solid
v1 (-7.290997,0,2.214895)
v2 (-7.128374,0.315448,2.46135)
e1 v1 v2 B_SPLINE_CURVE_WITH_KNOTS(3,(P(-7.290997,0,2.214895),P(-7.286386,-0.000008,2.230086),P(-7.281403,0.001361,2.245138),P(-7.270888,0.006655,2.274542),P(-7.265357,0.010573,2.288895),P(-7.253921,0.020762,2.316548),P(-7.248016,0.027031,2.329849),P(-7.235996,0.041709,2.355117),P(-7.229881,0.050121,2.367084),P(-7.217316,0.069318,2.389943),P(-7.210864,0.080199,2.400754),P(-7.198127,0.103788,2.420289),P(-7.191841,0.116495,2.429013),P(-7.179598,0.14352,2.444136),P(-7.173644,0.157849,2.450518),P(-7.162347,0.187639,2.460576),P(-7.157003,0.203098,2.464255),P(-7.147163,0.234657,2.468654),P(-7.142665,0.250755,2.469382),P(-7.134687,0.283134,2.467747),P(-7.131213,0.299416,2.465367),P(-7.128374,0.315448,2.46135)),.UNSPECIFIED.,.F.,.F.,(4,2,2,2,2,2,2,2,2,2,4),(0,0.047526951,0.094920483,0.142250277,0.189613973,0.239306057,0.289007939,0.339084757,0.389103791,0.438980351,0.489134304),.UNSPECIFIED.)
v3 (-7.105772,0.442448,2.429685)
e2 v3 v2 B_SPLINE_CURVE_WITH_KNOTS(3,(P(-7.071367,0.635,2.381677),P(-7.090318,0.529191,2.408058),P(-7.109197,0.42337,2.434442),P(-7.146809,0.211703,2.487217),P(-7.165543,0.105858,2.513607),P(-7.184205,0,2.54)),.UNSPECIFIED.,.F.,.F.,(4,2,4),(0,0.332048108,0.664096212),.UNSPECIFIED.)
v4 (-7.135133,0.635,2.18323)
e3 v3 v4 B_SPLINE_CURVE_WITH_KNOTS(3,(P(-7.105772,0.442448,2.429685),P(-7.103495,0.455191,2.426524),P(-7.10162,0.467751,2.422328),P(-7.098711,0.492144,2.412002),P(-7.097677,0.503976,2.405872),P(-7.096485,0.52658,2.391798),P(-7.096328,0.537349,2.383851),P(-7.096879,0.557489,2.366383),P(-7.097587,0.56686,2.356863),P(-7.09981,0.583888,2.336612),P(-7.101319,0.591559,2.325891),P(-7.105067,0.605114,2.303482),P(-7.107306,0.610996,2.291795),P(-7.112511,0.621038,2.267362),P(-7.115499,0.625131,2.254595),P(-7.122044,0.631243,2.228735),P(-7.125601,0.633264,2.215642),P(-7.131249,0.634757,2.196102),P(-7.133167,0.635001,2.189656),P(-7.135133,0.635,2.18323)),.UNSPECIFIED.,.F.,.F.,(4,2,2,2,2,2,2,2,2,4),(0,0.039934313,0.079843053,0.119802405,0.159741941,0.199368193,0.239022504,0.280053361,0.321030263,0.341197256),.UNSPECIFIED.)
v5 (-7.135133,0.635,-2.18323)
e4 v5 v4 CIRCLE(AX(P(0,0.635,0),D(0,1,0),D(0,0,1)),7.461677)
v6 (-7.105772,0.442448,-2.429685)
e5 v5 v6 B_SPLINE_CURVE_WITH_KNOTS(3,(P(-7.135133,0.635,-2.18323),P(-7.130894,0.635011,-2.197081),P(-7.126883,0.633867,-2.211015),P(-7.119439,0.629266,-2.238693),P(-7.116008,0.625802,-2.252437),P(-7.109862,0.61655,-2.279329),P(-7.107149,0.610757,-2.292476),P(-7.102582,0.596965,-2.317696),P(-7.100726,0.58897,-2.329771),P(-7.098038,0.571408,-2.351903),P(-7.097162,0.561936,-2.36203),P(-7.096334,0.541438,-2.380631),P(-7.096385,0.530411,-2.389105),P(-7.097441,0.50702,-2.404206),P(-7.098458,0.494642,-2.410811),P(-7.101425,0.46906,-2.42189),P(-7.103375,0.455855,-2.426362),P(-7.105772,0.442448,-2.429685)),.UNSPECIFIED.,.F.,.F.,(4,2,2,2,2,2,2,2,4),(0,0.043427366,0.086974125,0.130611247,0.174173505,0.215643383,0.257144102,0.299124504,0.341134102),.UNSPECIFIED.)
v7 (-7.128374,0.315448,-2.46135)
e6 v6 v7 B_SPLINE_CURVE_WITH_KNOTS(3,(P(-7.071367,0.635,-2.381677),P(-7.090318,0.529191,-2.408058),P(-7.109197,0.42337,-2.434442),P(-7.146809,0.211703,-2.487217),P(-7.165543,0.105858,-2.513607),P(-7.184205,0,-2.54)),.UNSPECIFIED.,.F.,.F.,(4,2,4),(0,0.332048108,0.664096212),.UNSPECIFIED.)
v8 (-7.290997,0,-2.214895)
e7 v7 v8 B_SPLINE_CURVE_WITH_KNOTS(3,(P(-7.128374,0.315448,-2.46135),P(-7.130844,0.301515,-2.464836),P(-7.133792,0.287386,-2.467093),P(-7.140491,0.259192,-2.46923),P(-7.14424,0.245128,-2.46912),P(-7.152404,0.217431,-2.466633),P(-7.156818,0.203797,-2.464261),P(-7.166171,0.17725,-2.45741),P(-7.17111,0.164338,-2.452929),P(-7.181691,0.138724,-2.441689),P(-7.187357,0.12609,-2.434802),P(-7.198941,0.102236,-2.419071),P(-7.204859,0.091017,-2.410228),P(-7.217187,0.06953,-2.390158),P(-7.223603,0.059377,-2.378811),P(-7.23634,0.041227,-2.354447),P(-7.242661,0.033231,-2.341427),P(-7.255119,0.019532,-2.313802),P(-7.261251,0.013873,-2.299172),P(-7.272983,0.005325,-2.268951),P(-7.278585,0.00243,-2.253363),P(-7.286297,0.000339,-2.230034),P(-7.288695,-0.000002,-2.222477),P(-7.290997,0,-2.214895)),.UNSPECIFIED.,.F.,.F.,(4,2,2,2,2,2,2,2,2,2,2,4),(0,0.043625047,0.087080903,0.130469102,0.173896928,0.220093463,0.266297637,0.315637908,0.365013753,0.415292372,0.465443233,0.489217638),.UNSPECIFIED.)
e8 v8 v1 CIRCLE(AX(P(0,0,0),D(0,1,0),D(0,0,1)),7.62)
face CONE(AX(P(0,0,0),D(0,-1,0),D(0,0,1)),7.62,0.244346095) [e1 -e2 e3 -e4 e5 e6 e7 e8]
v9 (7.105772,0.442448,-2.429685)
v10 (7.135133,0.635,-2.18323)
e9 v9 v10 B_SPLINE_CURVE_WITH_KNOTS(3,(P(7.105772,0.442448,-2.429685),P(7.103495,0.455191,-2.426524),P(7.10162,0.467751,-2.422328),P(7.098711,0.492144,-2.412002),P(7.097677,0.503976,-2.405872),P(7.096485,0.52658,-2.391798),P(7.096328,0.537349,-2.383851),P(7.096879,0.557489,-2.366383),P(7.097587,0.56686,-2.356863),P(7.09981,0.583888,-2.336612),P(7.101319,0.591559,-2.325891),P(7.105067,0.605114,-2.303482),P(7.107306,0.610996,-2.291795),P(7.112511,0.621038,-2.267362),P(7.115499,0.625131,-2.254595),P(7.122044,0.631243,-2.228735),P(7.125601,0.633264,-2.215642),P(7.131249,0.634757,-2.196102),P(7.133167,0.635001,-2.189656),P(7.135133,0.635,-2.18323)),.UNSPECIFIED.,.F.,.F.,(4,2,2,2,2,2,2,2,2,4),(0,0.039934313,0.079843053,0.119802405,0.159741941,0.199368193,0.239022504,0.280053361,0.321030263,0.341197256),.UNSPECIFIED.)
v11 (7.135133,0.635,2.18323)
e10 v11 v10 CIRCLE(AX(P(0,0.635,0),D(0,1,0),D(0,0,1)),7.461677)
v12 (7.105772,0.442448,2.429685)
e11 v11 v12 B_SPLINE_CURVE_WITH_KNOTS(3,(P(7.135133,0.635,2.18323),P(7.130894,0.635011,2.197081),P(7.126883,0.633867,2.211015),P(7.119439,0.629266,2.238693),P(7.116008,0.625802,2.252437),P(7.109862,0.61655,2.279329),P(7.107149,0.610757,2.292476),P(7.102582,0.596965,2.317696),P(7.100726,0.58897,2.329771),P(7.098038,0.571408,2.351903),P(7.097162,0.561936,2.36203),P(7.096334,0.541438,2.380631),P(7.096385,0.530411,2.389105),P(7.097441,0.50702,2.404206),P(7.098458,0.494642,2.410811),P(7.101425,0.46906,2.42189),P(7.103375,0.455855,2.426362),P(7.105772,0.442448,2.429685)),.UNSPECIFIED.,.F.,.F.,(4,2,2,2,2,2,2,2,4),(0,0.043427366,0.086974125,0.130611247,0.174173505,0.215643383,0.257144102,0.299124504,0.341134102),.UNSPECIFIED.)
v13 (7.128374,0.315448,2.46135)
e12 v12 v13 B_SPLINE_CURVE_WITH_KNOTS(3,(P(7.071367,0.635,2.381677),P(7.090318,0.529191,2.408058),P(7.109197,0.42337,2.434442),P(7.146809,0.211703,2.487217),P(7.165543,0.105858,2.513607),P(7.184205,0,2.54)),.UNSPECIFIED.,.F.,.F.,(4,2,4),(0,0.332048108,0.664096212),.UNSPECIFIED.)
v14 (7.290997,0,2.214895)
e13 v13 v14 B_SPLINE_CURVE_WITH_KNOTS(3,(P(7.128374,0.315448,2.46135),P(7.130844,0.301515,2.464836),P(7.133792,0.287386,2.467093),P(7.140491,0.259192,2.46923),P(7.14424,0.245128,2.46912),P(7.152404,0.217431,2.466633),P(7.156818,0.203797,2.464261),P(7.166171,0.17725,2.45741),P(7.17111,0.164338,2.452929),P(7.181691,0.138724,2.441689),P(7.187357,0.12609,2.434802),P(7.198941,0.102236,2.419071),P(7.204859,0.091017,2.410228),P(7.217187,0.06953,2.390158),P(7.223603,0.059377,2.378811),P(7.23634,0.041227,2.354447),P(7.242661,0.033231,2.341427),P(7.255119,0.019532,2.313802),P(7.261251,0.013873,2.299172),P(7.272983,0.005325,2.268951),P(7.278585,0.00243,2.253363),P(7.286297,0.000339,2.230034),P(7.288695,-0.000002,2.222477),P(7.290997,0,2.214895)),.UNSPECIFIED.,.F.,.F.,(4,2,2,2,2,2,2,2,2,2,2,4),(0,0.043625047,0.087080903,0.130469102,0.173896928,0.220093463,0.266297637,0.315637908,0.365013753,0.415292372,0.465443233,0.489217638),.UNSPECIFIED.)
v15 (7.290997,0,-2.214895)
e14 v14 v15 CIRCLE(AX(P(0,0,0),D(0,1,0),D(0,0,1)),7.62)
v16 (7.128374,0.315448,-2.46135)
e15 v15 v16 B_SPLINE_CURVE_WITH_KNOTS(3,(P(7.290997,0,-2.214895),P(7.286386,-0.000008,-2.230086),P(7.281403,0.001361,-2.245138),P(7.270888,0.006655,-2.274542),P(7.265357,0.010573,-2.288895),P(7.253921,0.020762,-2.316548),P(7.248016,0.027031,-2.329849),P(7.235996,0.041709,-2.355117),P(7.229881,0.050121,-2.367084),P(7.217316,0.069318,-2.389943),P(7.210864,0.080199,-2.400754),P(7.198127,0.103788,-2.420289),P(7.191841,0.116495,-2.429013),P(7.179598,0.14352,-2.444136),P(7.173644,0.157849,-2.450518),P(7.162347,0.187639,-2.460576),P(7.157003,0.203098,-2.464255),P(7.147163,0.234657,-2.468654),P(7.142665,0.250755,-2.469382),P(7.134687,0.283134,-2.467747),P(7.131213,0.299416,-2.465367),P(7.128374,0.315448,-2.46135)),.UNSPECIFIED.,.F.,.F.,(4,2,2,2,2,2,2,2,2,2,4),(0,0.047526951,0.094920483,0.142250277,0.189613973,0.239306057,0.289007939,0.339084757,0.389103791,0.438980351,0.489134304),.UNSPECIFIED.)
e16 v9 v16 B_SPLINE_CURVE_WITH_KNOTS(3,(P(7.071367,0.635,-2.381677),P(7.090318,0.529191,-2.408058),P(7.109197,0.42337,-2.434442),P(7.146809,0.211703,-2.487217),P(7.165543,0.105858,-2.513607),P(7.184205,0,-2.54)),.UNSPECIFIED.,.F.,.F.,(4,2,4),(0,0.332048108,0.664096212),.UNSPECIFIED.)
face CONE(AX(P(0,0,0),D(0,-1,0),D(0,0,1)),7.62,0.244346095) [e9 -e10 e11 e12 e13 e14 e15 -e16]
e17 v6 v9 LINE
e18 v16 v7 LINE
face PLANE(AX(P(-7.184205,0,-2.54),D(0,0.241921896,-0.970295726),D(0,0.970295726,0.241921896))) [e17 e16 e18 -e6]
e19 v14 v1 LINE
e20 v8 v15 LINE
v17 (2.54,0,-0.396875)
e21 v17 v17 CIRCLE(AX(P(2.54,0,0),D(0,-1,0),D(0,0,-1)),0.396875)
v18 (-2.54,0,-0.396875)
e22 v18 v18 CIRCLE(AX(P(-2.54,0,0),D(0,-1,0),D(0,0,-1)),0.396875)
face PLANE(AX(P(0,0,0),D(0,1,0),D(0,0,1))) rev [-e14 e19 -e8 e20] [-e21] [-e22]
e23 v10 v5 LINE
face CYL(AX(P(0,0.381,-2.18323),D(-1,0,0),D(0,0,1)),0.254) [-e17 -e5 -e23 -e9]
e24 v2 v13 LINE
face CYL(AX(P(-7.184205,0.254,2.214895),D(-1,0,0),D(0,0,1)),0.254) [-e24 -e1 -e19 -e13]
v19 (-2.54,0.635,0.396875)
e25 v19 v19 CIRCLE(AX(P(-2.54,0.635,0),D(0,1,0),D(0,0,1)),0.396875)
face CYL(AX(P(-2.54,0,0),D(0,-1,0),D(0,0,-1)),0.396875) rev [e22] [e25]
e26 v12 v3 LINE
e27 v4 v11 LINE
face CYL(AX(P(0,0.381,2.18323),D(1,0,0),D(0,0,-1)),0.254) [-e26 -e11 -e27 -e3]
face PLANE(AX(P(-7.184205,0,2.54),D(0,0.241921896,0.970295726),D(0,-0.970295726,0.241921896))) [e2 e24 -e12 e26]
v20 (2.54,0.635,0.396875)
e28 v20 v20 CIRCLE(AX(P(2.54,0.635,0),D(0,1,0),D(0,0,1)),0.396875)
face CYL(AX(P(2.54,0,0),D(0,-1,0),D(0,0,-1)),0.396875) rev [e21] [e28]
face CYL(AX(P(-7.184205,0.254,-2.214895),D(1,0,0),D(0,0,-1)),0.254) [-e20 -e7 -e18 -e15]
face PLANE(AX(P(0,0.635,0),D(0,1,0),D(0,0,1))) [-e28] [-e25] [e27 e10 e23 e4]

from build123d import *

# Parameters (mm, degrees)
BOSS_EXTRUDE1_DEPTH                 = 0.635
BOSS_EXTRUDE1_TAPER                 = 14
F_1_32_0_03125_DIAMETER_HOLE1_D     = 0.79375
F_1_32_0_03125_DIAMETER_HOLE1_DEPTH = 12.7
F_1_32_0_03125_DIAMETER_HOLE1_TIP   = 0.238466558
FILLET1_R                           = 0.254


with BuildPart() as part:
    # Sketch1 → Boss-Extrude1 (new body)
    with BuildSketch(Plane(origin=(0, 0, 0), x_dir=(1, 0, 0), z_dir=(0, 1, 0))):
        with BuildLine():
            Line((-7.184204897, -2.54), (7.184204897, -2.54))
            ThreePointArc((7.184204897, -2.54), (7.62, 0), (7.184204897, 2.54))
            Line((7.184204897, 2.54), (-7.184204897, 2.54))
            ThreePointArc((-7.184204897, 2.54), (-7.62, 0), (-7.184204897, -2.54))
        make_face()
    extrude(amount=BOSS_EXTRUDE1_DEPTH, taper=BOSS_EXTRUDE1_TAPER)

    # 1/32 (0.03125) Diameter Hole1
    with Locations(Plane(origin=(0, 0, 0), x_dir=(-1, 0, 0), z_dir=(0, -1, 0))):
        with Locations((2.54, 0), (-2.54, 0)):
            Hole(F_1_32_0_03125_DIAMETER_HOLE1_D / 2, depth=F_1_32_0_03125_DIAMETER_HOLE1_DEPTH)
            with Locations((0, 0, -(F_1_32_0_03125_DIAMETER_HOLE1_DEPTH + F_1_32_0_03125_DIAMETER_HOLE1_TIP / 2))):  # 118° drill point
                Cone(0, F_1_32_0_03125_DIAMETER_HOLE1_D / 2, F_1_32_0_03125_DIAMETER_HOLE1_TIP, mode=Mode.SUBTRACT)

    # Fillet1
    fillet1_edges = [part.edges().sort_by_distance(p)[0] for p in [
        (0, 0, -2.54),
        (0, 0.635, -2.381676718),
        (0, 0, 2.54),
        (0, 0.635, 2.381676718),
    ]]
    fillet(fillet1_edges, radius=FILLET1_R)


solid = part.part
